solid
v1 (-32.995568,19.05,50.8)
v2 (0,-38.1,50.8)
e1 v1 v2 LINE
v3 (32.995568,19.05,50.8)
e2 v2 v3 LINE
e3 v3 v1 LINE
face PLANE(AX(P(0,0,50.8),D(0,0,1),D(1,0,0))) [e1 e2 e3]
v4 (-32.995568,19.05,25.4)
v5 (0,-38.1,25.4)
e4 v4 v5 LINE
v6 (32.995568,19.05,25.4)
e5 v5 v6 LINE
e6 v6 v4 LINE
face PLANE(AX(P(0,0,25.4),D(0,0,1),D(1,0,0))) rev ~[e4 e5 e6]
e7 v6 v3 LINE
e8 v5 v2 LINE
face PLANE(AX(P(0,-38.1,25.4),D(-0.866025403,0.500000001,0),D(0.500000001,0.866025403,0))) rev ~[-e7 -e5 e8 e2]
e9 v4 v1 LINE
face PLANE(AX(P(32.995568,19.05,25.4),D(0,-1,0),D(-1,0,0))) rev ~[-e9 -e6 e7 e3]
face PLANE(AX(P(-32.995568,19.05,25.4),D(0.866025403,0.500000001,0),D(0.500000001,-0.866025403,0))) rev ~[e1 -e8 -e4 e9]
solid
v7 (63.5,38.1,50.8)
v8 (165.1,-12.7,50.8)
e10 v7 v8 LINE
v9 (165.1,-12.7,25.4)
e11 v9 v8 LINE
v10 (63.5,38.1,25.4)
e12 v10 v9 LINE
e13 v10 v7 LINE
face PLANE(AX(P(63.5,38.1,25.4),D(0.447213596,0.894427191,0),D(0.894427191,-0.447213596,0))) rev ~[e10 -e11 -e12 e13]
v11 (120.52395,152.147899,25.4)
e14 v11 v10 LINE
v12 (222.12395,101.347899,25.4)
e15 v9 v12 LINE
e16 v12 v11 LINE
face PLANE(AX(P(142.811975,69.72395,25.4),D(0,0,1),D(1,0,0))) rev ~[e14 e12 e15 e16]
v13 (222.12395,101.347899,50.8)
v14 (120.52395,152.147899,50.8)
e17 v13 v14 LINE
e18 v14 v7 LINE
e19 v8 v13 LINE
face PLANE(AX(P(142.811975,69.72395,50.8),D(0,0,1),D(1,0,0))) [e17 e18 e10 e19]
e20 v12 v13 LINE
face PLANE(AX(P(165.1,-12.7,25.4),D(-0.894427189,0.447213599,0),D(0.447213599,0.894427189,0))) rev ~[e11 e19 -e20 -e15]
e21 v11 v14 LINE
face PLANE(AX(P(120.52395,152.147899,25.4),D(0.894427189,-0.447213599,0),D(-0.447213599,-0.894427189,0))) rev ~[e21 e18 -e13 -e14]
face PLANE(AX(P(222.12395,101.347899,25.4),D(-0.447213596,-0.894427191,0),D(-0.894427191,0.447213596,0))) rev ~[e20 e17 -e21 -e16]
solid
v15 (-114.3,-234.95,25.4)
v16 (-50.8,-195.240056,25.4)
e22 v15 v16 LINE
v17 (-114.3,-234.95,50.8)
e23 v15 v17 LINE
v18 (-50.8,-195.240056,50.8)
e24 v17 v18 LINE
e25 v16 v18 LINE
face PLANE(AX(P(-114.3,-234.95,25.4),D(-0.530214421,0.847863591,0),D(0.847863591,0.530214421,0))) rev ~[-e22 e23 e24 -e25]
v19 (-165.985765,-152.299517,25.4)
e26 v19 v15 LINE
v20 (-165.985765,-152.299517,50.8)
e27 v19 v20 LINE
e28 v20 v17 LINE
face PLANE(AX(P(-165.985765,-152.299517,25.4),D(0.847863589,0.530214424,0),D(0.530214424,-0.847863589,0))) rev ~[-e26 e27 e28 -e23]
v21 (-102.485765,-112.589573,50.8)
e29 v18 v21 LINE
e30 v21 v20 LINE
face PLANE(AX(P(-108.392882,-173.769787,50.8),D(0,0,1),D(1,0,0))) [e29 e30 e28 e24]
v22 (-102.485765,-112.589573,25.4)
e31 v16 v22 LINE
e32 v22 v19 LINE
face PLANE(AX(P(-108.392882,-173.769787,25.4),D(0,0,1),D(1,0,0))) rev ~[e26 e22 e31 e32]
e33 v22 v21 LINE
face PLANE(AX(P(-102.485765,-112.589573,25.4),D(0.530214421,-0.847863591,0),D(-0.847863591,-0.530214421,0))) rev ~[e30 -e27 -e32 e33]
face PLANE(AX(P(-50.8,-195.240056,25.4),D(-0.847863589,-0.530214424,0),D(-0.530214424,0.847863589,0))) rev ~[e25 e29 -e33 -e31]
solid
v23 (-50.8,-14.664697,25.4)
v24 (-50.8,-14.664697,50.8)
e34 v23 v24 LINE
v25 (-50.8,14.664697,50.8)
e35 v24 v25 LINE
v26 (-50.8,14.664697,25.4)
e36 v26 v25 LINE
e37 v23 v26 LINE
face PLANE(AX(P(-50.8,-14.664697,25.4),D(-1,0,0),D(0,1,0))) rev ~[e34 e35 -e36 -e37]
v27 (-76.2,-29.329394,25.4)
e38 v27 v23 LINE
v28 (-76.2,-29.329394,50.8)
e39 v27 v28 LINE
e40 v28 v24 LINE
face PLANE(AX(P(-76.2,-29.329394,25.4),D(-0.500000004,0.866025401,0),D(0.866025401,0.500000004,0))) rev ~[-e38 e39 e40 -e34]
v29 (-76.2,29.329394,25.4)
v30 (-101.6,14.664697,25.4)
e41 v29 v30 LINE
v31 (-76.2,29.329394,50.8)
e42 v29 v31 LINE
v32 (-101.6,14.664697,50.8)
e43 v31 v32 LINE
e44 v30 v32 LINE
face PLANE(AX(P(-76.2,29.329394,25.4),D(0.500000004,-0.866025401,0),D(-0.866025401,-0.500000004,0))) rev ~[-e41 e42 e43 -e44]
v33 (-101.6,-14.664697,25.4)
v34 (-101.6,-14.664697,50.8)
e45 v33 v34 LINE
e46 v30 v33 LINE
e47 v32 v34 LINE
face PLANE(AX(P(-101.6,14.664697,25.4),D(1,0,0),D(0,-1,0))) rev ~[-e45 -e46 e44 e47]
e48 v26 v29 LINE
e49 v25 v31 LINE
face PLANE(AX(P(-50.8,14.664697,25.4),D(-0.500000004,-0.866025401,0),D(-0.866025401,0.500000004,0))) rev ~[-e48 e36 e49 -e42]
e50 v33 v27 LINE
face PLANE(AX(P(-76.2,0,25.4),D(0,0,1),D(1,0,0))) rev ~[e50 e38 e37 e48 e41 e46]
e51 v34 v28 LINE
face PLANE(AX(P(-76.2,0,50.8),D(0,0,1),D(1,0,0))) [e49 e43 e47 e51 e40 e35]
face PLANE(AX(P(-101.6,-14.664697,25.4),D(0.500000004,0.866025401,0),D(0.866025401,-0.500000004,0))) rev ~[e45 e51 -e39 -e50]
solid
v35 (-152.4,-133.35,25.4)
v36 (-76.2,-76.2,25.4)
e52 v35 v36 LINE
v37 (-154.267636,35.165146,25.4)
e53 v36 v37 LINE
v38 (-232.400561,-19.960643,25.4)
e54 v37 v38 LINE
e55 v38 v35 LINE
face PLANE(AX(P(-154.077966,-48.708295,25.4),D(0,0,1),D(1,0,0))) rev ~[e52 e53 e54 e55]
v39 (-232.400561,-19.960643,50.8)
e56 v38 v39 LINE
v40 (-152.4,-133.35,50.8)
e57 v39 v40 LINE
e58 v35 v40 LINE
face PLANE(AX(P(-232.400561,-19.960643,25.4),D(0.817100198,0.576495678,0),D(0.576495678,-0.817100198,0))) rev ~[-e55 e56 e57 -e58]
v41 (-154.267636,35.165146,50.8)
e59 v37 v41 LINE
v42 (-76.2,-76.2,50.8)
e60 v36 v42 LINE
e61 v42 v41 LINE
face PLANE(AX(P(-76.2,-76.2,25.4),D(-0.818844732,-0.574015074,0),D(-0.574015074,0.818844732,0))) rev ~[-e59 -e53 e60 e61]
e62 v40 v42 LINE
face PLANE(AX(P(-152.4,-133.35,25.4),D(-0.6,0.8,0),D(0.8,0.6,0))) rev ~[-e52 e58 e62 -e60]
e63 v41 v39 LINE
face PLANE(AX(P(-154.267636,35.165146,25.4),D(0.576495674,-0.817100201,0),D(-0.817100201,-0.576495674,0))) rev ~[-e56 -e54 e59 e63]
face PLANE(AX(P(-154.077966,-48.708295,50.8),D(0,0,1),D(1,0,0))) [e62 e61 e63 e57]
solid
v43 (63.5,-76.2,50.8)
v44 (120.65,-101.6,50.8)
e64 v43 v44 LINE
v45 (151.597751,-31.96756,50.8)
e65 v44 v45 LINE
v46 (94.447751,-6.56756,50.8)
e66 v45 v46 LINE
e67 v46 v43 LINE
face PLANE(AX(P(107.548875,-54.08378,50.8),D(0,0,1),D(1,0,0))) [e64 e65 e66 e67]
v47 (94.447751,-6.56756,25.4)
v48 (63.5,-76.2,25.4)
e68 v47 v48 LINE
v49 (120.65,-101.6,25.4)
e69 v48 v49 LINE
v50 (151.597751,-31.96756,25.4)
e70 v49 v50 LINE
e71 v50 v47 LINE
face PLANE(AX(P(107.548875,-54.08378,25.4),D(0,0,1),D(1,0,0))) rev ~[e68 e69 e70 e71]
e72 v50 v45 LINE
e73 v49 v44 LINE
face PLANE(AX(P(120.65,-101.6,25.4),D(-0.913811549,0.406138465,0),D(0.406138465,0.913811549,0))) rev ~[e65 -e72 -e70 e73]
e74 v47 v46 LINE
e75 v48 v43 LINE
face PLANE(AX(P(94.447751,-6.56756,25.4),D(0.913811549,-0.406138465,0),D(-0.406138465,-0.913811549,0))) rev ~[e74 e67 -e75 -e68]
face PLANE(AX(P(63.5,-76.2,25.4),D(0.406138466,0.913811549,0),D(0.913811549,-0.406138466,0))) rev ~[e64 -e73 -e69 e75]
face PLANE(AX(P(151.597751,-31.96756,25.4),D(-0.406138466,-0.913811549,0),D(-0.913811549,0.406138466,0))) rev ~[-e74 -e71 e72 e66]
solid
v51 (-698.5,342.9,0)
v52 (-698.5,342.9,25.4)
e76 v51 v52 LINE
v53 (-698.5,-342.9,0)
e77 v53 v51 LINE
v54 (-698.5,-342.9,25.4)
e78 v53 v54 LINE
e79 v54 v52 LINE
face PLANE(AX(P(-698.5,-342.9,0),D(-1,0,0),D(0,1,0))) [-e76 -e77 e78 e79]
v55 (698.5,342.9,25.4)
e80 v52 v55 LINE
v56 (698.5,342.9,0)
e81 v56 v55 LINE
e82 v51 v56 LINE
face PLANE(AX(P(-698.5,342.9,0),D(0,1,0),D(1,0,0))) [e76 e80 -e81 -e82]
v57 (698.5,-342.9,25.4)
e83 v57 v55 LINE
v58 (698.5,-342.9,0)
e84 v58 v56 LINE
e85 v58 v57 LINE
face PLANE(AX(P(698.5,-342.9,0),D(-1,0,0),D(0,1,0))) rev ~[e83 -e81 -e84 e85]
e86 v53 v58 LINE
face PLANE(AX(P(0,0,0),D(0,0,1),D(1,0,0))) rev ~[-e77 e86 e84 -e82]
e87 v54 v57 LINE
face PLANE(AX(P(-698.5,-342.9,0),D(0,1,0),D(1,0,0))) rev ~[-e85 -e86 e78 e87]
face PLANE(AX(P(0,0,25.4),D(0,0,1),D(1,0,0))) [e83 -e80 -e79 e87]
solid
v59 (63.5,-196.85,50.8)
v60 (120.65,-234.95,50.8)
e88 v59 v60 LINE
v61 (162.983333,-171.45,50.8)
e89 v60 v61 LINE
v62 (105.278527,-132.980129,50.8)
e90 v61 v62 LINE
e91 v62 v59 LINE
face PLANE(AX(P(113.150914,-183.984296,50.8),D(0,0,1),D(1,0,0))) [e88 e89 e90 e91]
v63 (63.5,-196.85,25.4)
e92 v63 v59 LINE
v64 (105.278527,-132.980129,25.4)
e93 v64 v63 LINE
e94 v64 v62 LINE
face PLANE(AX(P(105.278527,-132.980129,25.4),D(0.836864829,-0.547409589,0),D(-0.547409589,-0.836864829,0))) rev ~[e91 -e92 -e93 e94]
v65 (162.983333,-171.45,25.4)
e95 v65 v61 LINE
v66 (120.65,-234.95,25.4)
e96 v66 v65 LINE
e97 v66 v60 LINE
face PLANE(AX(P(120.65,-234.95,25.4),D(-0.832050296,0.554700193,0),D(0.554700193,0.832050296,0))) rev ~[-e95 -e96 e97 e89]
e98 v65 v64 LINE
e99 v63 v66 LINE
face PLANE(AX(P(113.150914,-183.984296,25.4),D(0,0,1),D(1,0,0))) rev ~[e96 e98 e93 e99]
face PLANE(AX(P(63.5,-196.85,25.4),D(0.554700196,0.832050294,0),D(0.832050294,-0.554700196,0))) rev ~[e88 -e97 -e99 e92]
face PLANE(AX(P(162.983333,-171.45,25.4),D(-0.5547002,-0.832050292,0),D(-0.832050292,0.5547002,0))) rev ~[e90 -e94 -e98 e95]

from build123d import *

# Parameters (mm, degrees)
F0_W     = 1397
F0_H     = 685.8
F1_DEPTH = 25.4
F3_DEPTH = 25.4


with BuildPart() as f1:
    # F0 (on Top) → F1 (new body)
    with BuildSketch(Plane.XY):
        Rectangle(F0_W, F0_H)
    extrude(amount=F1_DEPTH)


with BuildPart() as f3:
    # F2 (on face) → F3 (new body)
    with BuildSketch(Plane.XY.offset(25.4)):
        Polygon((-232.400561, -19.960643), (-152.4, -133.35), (-76.2, -76.2), (-154.267636, 35.165146), align=None)
        Polygon((120.65, -234.95), (162.983333, -171.45), (105.278527, -132.980129), (63.5, -196.85), align=None)
        Polygon((0, -38.1), (32.995568, 19.05), (-32.995568, 19.05), align=None)
        Polygon((-50.8, -14.664697), (-50.8, 14.664697), (-76.2, 29.329394), (-101.6, 14.664697), (-101.6, -14.664697), (-76.2, -29.329394), align=None)
        Polygon((63.5, -76.2), (120.65, -101.6), (151.597751, -31.96756), (94.447751, -6.56756), align=None)
        Polygon((63.5, 38.1), (165.1, -12.7), (222.12395, 101.347899), (120.52395, 152.147899), align=None)
        Polygon((-114.3, -234.95), (-50.8, -195.240056), (-102.485765, -112.589573), (-165.985765, -152.299517), align=None)
    extrude(amount=F3_DEPTH)


solid = Compound([f1.part, f3.part])
